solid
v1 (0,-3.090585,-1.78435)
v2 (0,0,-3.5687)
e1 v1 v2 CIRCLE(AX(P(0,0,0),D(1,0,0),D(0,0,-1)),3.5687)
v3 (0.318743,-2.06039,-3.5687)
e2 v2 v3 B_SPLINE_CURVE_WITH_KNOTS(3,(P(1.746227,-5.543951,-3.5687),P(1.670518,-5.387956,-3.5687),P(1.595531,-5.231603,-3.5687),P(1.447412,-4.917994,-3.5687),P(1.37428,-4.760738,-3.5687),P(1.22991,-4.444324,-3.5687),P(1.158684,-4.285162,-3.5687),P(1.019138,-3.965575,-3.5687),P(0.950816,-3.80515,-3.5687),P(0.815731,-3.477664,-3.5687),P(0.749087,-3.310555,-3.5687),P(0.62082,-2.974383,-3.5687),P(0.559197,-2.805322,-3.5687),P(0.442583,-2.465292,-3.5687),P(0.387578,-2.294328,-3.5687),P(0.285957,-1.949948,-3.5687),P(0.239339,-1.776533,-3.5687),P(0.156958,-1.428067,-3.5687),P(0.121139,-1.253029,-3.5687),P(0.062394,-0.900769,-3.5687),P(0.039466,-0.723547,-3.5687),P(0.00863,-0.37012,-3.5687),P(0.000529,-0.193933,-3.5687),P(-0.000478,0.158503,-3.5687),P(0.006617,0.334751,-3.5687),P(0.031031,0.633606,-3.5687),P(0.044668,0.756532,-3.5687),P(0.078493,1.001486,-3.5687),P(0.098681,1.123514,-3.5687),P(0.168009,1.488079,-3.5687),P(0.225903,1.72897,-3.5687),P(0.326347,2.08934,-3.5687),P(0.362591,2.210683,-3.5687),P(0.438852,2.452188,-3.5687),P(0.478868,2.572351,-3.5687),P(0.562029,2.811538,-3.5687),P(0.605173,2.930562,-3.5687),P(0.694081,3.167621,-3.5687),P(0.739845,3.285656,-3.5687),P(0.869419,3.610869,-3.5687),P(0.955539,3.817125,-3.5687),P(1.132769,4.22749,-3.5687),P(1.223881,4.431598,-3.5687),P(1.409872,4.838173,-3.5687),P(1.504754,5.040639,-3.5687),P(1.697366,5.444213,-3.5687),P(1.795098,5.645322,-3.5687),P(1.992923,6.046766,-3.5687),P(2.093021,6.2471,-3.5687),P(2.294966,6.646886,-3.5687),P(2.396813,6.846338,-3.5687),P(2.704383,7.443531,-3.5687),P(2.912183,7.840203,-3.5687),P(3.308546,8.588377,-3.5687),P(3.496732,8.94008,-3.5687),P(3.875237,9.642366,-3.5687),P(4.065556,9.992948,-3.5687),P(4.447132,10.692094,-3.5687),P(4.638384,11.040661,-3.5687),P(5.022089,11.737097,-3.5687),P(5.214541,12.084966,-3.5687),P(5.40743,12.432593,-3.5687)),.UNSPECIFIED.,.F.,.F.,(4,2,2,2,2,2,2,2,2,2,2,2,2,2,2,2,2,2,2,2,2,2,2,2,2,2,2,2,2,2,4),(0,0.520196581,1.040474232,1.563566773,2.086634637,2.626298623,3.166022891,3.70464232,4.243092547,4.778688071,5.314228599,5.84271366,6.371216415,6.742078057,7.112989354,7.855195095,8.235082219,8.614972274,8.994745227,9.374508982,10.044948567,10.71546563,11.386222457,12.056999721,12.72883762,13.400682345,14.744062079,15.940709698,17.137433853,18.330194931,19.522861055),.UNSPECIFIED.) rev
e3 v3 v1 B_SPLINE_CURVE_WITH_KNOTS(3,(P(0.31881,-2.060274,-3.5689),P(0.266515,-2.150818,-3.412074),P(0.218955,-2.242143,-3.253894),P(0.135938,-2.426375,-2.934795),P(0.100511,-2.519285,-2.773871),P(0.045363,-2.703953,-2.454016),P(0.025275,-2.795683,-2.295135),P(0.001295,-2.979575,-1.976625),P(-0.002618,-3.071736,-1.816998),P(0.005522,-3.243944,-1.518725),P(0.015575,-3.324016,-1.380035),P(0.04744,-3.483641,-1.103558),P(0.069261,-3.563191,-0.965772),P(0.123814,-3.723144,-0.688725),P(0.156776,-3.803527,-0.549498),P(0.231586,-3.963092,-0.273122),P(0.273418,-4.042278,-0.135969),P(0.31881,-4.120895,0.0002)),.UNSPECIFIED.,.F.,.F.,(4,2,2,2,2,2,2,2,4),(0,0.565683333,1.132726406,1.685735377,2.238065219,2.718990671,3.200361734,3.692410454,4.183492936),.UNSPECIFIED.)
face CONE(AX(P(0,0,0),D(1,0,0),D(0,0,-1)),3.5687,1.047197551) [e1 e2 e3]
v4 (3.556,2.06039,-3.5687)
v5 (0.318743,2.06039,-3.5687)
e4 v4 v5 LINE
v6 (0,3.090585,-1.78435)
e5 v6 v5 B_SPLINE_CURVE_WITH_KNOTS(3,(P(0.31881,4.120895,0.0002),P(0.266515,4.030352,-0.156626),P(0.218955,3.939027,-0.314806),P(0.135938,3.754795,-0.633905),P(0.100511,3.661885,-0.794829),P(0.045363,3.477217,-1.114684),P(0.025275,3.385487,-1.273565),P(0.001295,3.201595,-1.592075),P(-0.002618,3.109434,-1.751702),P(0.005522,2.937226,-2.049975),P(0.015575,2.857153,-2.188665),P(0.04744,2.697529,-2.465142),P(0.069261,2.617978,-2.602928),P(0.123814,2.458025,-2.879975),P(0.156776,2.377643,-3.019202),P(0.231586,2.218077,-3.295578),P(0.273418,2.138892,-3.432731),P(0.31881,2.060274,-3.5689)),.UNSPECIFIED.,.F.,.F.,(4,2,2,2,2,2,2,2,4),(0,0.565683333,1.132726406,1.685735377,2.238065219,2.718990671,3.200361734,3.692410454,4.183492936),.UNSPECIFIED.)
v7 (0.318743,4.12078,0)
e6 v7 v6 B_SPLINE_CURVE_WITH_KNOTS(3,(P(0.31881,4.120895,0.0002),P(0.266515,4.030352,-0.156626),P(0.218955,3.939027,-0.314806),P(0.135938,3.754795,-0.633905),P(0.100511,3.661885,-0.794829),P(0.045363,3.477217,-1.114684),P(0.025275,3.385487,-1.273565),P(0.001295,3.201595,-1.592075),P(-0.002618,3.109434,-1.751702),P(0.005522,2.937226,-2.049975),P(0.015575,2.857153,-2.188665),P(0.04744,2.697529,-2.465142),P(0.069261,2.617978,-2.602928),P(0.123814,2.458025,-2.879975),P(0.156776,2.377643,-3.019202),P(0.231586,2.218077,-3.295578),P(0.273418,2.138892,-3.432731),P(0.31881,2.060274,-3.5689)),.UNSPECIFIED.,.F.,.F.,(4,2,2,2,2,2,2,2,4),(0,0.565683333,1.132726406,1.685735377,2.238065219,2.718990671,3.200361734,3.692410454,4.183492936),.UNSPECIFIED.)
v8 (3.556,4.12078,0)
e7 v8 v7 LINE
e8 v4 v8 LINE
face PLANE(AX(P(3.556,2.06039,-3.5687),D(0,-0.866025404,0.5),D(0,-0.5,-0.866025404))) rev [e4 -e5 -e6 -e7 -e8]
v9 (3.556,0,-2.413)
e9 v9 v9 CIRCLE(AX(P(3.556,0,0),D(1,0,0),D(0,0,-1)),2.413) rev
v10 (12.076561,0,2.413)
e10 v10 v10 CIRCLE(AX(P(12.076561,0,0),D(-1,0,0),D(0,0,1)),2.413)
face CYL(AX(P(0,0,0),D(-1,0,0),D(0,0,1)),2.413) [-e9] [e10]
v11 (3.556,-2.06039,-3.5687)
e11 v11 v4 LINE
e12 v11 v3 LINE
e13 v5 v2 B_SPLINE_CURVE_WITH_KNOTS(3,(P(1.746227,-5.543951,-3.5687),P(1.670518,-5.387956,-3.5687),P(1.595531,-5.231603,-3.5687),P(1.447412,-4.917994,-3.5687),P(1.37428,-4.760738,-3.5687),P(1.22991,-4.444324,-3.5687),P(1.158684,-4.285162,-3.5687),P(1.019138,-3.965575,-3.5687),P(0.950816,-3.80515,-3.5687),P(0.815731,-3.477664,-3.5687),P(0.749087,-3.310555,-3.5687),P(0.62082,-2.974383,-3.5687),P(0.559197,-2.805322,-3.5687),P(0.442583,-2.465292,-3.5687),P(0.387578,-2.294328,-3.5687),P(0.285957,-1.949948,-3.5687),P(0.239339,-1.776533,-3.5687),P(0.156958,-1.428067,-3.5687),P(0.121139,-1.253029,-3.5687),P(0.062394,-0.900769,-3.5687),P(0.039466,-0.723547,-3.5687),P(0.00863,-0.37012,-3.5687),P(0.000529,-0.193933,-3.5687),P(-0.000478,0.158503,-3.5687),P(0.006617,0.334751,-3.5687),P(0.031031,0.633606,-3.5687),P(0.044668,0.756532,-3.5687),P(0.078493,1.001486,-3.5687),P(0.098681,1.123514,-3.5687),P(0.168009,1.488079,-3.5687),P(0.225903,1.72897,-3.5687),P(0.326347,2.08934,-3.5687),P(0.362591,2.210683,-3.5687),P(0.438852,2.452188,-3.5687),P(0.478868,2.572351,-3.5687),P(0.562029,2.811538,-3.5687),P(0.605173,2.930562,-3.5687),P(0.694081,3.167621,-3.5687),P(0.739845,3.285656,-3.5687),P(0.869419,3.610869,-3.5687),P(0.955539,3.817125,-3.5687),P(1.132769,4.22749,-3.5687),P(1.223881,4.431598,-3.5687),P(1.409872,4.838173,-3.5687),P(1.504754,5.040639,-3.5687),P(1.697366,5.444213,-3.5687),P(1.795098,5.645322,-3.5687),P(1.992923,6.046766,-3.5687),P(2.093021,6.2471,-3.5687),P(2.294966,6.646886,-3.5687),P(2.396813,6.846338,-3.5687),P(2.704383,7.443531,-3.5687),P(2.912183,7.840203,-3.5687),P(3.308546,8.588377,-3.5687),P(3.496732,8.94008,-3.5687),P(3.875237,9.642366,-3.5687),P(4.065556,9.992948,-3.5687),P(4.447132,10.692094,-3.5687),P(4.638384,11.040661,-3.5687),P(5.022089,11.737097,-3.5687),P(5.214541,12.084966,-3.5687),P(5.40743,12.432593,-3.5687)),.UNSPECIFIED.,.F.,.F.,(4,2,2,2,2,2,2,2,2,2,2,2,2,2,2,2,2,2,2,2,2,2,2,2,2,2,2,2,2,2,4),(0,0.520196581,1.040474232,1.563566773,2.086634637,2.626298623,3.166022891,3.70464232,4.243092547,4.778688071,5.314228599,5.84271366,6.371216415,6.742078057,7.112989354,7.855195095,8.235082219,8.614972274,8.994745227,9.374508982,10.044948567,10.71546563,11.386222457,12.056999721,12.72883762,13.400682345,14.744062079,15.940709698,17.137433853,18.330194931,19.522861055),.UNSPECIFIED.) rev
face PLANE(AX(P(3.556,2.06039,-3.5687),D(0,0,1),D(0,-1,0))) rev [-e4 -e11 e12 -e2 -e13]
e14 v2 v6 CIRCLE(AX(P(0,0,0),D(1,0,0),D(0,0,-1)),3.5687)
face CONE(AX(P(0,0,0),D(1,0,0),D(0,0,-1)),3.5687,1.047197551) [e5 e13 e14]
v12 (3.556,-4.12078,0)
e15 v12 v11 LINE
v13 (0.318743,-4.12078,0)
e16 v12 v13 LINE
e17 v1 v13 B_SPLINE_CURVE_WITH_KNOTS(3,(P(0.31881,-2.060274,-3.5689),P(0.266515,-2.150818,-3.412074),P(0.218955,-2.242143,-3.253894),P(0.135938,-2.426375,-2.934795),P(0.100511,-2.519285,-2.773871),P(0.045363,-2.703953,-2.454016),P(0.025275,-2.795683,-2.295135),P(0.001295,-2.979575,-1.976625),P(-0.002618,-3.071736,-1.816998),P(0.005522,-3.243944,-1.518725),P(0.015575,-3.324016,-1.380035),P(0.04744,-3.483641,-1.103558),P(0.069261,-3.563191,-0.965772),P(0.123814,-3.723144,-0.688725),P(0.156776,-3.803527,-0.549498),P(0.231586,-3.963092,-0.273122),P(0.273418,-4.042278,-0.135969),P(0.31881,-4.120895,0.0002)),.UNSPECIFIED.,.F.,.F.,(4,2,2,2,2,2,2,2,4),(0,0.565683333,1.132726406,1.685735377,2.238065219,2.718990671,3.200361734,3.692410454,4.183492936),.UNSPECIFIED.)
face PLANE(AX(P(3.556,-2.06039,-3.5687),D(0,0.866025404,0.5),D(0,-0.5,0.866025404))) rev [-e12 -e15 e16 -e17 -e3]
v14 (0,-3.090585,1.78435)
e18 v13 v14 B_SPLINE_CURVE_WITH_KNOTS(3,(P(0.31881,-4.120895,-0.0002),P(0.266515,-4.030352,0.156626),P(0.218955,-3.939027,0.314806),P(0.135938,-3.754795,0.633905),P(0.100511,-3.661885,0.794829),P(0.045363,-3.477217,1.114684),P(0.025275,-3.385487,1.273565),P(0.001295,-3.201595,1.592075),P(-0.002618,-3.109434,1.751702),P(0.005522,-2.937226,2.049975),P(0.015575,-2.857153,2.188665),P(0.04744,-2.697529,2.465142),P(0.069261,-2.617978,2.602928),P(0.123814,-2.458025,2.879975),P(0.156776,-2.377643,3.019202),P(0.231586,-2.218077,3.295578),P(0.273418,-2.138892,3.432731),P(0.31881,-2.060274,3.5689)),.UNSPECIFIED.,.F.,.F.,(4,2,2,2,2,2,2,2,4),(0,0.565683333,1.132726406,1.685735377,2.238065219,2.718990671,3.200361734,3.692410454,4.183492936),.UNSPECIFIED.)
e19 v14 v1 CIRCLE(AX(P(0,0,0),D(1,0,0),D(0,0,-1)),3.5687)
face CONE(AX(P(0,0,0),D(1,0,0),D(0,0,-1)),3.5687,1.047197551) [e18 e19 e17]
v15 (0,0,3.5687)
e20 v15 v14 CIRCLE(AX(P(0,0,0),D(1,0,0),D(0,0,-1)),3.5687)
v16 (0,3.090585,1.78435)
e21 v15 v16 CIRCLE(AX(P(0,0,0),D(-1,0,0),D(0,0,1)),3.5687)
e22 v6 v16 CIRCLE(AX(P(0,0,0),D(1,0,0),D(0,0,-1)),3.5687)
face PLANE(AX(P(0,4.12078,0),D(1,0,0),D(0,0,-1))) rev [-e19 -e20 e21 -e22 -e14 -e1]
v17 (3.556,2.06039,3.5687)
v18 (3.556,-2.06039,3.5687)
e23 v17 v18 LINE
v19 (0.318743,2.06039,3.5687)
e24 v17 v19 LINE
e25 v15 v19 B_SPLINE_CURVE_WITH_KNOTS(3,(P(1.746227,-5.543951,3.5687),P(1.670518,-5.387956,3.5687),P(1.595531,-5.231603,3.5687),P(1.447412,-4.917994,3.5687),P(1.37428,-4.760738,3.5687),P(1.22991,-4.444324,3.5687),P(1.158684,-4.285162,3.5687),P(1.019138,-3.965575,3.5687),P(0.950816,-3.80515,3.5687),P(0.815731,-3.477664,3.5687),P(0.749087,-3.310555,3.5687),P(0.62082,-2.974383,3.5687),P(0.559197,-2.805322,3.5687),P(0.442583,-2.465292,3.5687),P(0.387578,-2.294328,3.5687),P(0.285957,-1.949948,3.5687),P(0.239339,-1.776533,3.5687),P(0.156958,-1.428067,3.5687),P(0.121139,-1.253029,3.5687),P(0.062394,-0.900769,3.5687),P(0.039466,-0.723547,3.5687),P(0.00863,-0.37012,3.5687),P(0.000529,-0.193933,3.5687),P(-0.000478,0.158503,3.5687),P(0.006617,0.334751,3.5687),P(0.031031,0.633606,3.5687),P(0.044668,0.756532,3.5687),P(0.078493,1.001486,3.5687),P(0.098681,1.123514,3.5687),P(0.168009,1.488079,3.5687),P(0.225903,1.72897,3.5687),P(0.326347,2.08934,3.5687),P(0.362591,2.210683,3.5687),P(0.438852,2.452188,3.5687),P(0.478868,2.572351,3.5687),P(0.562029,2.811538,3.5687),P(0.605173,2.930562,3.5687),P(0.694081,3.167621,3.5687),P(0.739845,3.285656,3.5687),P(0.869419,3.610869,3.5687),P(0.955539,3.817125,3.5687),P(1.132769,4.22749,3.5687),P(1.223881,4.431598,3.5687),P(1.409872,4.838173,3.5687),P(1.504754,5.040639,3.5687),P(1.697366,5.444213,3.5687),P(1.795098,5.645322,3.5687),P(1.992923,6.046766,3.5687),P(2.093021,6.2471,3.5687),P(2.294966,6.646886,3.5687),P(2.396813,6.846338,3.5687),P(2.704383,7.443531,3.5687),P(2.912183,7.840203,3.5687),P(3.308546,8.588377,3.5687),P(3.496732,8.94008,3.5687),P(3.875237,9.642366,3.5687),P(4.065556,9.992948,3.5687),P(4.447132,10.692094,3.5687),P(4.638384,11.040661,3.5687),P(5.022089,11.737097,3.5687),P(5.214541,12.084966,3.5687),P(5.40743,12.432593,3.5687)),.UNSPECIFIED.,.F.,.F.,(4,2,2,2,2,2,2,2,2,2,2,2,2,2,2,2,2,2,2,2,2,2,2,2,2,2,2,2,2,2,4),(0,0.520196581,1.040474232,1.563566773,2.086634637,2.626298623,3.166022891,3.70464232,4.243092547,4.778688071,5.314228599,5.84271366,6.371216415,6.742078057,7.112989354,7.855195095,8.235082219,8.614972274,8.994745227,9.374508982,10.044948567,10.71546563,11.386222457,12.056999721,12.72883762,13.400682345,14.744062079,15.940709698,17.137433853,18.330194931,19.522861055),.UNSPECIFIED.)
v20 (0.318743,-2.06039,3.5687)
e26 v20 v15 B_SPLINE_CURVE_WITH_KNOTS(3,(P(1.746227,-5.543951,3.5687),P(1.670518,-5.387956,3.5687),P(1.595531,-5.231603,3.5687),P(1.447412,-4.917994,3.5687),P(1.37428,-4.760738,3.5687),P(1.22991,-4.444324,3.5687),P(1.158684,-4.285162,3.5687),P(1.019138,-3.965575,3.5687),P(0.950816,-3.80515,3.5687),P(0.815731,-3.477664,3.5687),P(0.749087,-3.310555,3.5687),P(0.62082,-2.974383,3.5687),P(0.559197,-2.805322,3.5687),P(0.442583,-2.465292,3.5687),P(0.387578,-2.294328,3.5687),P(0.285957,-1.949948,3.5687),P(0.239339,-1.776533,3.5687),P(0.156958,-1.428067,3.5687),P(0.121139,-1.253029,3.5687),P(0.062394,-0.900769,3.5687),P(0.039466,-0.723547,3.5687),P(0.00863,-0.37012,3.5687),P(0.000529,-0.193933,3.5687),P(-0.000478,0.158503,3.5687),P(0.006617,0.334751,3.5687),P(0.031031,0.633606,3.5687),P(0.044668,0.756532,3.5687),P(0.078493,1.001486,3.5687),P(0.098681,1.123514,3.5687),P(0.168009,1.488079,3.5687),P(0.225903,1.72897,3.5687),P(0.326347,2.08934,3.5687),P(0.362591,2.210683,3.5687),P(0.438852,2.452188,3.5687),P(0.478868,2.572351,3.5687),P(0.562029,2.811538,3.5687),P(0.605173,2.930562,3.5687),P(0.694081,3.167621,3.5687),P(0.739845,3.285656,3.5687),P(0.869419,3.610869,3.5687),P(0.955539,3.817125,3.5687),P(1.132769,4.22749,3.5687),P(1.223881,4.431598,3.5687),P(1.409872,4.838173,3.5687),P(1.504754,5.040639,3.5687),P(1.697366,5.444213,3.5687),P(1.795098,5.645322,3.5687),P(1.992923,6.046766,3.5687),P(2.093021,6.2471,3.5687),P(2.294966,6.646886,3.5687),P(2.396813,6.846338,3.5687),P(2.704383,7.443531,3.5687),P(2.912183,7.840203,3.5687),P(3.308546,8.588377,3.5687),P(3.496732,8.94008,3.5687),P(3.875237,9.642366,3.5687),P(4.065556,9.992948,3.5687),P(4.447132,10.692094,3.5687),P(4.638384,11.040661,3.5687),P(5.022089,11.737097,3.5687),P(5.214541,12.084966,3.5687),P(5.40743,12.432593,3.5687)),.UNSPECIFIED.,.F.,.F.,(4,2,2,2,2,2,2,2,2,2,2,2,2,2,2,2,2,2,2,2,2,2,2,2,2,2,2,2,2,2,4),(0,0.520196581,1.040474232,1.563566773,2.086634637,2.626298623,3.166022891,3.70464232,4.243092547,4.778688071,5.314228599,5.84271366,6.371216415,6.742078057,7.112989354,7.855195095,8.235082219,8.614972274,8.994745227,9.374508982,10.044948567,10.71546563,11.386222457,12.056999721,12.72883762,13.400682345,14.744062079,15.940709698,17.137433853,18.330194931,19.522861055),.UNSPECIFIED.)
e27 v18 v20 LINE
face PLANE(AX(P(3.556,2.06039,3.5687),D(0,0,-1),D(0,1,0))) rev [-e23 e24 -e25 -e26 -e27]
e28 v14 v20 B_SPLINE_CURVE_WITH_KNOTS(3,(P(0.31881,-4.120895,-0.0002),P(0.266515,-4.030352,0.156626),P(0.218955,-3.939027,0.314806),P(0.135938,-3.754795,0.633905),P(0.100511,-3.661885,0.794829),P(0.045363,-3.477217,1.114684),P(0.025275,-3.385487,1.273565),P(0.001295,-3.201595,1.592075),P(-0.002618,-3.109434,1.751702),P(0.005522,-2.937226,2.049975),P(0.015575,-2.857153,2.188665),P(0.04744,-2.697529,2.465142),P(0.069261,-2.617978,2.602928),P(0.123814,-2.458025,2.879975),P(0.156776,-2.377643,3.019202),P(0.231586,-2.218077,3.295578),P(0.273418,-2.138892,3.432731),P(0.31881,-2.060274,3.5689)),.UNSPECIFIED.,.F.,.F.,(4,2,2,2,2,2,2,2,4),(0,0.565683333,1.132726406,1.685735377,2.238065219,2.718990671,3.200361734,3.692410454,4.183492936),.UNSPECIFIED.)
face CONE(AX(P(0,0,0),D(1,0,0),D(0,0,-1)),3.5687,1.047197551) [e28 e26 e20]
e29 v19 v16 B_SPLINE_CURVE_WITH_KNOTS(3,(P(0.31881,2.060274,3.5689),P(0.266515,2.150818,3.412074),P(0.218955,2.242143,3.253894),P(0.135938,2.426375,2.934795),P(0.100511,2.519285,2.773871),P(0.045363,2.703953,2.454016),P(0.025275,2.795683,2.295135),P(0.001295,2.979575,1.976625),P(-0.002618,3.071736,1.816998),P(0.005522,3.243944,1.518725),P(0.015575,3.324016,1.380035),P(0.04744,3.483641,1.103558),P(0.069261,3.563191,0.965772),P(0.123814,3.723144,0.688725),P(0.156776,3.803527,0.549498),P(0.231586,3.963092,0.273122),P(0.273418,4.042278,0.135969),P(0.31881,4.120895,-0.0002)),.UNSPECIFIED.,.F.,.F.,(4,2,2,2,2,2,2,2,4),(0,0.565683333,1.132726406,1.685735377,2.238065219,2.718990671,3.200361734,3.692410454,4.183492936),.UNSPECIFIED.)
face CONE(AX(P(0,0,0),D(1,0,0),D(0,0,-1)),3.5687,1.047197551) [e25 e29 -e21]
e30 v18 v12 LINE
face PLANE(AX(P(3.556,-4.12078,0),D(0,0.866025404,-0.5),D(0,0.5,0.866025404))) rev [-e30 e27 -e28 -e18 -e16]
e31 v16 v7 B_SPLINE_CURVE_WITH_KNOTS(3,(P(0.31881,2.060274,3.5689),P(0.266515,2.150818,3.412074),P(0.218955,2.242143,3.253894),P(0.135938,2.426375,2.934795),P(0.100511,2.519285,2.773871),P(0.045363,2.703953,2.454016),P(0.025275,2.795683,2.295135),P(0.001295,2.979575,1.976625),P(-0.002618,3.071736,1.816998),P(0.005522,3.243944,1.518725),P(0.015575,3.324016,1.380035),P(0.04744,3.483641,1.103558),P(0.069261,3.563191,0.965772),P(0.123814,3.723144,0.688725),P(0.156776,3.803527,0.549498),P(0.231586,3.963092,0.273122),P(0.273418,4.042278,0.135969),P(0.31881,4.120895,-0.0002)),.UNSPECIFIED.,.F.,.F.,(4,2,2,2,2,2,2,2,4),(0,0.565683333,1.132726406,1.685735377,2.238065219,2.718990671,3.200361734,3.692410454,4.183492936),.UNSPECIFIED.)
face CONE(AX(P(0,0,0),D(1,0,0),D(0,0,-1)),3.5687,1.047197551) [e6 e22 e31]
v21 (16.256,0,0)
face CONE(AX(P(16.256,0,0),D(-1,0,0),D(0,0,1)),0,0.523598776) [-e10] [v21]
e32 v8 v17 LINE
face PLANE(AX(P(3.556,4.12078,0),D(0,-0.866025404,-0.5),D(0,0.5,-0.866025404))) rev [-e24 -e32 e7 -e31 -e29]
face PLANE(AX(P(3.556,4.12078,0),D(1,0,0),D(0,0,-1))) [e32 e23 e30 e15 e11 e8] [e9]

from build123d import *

# Parameters (mm, degrees)
BASEHEAD_DEPTH = 3.556


with BuildPart() as part:
    # Sketch1 → BaseHead (new body)
    with BuildSketch(Plane(origin=(0, 0, 0), x_dir=(0, 0, -1), z_dir=(1, 0, 0))):
        Polygon((3.5687, 2.060389906), (3.5687, -2.060389906), (0, -4.120779811), (-3.5687, -2.060389906), (-3.5687, 2.060389906), (0, 4.120779811), align=None)
    extrude(amount=BASEHEAD_DEPTH)

    # Sketch2 → BaseBody (revolve)
    with BuildSketch(Plane.XY, mode=Mode.PRIVATE) as basebody_sk:
        Polygon((0, 0), (16.256, 0), (12.076561401, 2.413), (0, 2.413), align=None)
    revolve(basebody_sk.sketch.rotate(Axis((0, 0, 0), (1, 0, 0)), 90), axis=Axis((0, 0, 0), (1, 0, 0)))

    # Sketch3 → HeadChamfer (revolve, cut)
    with BuildSketch(Plane.XY):
        Polygon((0, 3.5687), (3.984917637, 10.470779811), (3.984917637, 16.820779811), (-12.7, 16.820779811), (-12.7, 3.5687), align=None)
    revolve(axis=Axis((0, 0, 0), (1, 0, 0)), mode=Mode.SUBTRACT)


solid = part.part
